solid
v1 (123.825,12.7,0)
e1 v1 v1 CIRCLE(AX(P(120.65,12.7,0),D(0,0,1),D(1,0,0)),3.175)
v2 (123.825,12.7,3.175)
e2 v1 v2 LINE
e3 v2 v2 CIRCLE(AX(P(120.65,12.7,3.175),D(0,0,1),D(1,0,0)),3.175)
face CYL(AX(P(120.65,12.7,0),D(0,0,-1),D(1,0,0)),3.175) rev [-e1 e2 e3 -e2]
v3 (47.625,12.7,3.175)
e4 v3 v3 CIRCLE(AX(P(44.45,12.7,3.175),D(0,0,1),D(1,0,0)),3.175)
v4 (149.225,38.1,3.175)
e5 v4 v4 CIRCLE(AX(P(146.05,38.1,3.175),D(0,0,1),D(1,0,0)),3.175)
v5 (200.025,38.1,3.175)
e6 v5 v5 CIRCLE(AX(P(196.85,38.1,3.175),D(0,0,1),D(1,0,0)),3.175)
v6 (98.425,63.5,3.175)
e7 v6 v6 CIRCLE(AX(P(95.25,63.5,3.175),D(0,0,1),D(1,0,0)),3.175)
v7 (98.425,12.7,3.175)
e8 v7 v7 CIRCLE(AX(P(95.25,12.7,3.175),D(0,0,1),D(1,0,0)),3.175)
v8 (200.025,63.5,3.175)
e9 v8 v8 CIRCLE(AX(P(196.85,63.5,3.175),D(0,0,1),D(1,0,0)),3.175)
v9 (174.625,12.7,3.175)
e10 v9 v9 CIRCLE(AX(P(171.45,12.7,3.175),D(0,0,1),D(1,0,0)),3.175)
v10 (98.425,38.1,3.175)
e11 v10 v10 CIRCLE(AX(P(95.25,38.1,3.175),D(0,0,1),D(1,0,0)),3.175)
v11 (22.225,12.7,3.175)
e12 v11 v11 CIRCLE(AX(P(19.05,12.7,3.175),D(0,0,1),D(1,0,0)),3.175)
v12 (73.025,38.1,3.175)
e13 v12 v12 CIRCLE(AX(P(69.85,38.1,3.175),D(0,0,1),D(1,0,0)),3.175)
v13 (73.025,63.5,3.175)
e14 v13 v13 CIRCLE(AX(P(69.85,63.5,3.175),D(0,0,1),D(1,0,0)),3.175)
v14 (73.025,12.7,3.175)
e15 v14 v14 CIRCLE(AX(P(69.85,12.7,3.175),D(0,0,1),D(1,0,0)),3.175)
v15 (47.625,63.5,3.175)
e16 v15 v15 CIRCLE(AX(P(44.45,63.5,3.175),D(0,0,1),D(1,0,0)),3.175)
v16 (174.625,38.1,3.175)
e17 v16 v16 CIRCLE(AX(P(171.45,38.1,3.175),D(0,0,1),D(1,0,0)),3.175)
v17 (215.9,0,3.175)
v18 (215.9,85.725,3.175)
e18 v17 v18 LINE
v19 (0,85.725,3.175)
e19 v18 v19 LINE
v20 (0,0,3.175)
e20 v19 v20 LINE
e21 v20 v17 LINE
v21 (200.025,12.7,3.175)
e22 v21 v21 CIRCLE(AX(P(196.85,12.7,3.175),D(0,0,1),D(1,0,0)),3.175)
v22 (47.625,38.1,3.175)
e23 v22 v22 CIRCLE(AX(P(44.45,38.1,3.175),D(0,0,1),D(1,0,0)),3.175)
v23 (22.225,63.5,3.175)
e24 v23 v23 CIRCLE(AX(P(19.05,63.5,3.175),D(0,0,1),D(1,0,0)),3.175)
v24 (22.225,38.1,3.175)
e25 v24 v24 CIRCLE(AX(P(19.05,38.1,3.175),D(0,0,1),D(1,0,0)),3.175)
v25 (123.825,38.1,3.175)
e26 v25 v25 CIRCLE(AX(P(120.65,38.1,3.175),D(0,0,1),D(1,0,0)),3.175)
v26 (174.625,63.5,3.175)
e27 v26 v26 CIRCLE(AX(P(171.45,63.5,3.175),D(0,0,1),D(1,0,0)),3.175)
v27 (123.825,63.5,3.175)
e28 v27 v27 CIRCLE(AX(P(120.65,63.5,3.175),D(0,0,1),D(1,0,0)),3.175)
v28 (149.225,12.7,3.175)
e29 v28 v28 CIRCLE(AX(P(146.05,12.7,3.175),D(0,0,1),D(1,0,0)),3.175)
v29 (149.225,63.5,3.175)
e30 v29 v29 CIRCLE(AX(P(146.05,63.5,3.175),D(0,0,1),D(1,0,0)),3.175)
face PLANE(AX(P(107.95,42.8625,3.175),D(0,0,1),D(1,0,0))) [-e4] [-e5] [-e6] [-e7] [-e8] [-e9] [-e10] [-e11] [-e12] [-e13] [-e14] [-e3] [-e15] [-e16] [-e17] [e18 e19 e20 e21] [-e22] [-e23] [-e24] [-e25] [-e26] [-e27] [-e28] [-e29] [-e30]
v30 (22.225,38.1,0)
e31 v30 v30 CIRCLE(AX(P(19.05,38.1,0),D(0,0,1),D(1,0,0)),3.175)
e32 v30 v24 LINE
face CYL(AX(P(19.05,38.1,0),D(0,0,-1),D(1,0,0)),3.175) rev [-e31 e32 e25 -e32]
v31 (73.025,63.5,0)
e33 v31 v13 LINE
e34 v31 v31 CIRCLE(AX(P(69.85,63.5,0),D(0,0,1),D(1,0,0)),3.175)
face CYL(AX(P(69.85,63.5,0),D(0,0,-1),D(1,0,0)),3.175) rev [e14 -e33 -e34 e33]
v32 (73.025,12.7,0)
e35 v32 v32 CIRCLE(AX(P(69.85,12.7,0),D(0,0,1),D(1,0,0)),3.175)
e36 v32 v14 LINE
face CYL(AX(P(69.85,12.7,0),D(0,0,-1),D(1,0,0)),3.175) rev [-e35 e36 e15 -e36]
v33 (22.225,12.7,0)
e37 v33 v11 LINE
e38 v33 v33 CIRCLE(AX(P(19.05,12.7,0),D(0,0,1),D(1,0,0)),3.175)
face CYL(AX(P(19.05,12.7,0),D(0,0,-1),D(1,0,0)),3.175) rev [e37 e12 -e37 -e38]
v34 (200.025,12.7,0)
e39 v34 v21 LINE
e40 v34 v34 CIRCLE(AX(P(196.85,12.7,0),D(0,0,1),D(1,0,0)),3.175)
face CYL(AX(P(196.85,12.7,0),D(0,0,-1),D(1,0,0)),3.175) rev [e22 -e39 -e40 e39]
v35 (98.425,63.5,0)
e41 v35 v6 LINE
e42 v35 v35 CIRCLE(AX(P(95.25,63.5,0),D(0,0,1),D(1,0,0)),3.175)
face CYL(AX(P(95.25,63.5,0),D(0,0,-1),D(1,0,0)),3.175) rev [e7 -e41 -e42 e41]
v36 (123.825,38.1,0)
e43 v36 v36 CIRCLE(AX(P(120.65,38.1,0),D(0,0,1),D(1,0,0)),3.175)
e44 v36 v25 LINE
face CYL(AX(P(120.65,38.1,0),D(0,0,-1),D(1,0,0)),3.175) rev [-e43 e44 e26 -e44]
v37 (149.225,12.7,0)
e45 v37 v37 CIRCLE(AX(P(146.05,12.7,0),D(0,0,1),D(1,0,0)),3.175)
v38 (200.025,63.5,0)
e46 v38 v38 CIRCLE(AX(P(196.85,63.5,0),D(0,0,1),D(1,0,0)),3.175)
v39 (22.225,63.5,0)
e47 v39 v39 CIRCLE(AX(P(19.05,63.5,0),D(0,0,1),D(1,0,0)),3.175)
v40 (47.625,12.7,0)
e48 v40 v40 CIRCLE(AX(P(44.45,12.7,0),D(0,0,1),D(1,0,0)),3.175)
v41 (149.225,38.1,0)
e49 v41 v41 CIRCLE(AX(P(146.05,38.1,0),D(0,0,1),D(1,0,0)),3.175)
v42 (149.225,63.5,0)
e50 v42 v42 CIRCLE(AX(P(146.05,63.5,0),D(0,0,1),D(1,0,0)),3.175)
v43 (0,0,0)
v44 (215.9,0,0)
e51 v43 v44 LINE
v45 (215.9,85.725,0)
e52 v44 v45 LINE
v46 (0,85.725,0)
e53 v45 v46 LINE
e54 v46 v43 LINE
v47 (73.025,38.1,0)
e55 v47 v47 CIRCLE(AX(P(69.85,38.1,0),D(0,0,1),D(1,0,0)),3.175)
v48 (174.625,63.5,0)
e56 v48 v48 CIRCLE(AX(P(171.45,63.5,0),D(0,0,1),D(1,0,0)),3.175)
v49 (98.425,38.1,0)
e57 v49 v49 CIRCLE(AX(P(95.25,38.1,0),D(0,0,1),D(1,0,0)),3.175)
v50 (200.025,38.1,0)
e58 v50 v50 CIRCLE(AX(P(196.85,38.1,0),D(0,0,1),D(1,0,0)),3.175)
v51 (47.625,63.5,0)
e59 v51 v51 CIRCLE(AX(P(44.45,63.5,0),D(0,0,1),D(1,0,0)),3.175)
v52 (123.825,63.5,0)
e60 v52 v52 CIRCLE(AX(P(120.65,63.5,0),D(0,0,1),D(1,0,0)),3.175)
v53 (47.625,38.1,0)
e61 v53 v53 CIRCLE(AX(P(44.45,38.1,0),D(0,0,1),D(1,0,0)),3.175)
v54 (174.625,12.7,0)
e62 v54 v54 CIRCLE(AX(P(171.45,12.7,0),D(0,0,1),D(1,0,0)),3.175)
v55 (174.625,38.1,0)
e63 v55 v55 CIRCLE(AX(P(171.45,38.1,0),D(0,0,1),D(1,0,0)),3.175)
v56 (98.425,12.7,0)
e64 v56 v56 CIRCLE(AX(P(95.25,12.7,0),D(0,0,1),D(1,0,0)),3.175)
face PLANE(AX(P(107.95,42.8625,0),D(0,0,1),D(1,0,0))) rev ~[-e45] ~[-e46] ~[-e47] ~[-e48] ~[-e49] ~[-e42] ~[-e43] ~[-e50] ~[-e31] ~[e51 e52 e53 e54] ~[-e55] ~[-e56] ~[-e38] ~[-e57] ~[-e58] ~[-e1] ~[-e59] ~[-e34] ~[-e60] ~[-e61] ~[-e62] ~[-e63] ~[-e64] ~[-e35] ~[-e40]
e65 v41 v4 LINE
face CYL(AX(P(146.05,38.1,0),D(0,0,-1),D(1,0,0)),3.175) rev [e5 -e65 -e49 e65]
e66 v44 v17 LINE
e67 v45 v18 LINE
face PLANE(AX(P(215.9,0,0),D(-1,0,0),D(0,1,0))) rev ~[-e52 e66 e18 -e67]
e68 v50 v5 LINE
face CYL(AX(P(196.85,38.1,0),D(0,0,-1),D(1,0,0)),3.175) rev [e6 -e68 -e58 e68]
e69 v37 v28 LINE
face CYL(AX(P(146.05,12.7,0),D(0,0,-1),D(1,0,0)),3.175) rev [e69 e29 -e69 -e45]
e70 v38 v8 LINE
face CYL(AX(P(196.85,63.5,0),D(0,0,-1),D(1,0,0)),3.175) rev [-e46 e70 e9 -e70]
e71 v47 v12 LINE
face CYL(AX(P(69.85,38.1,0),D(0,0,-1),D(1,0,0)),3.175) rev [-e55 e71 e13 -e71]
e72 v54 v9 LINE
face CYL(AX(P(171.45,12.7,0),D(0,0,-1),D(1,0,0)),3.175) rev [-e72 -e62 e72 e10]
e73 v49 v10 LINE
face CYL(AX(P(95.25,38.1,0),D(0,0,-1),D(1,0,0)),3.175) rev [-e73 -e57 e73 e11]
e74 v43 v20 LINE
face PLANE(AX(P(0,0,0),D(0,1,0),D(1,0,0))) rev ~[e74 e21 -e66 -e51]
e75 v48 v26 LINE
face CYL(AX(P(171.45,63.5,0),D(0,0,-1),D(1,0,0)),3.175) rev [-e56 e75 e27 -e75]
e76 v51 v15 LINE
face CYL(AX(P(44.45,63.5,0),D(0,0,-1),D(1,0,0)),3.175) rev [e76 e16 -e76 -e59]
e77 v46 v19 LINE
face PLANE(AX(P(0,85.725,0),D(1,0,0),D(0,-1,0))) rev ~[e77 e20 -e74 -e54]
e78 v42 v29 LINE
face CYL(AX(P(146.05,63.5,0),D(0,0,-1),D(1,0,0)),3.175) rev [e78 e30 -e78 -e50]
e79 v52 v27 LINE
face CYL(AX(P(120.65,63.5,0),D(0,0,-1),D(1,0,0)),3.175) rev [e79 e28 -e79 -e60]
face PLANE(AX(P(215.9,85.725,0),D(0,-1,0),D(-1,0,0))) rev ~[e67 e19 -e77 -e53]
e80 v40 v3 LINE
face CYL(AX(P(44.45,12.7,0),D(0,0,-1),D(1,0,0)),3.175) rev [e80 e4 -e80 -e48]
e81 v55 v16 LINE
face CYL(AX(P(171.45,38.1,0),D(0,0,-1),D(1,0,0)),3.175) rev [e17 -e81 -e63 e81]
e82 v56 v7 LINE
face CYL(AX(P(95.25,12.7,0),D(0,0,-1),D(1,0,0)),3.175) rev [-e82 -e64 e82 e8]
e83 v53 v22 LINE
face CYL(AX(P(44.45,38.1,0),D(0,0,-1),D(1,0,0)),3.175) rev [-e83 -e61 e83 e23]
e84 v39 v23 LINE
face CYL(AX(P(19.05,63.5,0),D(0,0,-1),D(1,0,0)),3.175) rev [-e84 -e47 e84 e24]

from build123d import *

# Parameters (mm, degrees)
F0_R     = 3.175
F1_DEPTH = 3.175


with BuildPart() as f1:
    # F0 (on Top) → F1 (new body)
    with BuildSketch(Plane.XY):
        Polygon((0, 85.725), (0, 0), (19.05, 0), (215.9, 0), (215.9, 85.725), align=None)
        with Locations((19.05, 12.7)):
            Circle(F0_R, mode=Mode.SUBTRACT)
        with Locations((44.45, 12.7)):
            Circle(F0_R, mode=Mode.SUBTRACT)
        with Locations((69.85, 12.7)):
            Circle(F0_R, mode=Mode.SUBTRACT)
        with Locations((95.25, 12.7)):
            Circle(F0_R, mode=Mode.SUBTRACT)
        with Locations((19.05, 38.1)):
            Circle(F0_R, mode=Mode.SUBTRACT)
        with Locations((44.45, 38.1)):
            Circle(F0_R, mode=Mode.SUBTRACT)
        with Locations((69.85, 38.1)):
            Circle(F0_R, mode=Mode.SUBTRACT)
        with Locations((95.25, 38.1)):
            Circle(F0_R, mode=Mode.SUBTRACT)
        with Locations((120.65, 12.7)):
            Circle(F0_R, mode=Mode.SUBTRACT)
        with Locations((146.05, 12.7)):
            Circle(F0_R, mode=Mode.SUBTRACT)
        with Locations((171.45, 12.7)):
            Circle(F0_R, mode=Mode.SUBTRACT)
        with Locations((196.85, 12.7)):
            Circle(F0_R, mode=Mode.SUBTRACT)
        with Locations((120.65, 38.1)):
            Circle(F0_R, mode=Mode.SUBTRACT)
        with Locations((146.05, 38.1)):
            Circle(F0_R, mode=Mode.SUBTRACT)
        with Locations((171.45, 38.1)):
            Circle(F0_R, mode=Mode.SUBTRACT)
        with Locations((196.85, 38.1)):
            Circle(F0_R, mode=Mode.SUBTRACT)
        with Locations((19.05, 63.5)):
            Circle(F0_R, mode=Mode.SUBTRACT)
        with Locations((44.45, 63.5)):
            Circle(F0_R, mode=Mode.SUBTRACT)
        with Locations((69.85, 63.5)):
            Circle(F0_R, mode=Mode.SUBTRACT)
        with Locations((95.25, 63.5)):
            Circle(F0_R, mode=Mode.SUBTRACT)
        with Locations((120.65, 63.5)):
            Circle(F0_R, mode=Mode.SUBTRACT)
        with Locations((146.05, 63.5)):
            Circle(F0_R, mode=Mode.SUBTRACT)
        with Locations((171.45, 63.5)):
            Circle(F0_R, mode=Mode.SUBTRACT)
        with Locations((196.85, 63.5)):
            Circle(F0_R, mode=Mode.SUBTRACT)
    extrude(amount=F1_DEPTH)


solid = f1.part
